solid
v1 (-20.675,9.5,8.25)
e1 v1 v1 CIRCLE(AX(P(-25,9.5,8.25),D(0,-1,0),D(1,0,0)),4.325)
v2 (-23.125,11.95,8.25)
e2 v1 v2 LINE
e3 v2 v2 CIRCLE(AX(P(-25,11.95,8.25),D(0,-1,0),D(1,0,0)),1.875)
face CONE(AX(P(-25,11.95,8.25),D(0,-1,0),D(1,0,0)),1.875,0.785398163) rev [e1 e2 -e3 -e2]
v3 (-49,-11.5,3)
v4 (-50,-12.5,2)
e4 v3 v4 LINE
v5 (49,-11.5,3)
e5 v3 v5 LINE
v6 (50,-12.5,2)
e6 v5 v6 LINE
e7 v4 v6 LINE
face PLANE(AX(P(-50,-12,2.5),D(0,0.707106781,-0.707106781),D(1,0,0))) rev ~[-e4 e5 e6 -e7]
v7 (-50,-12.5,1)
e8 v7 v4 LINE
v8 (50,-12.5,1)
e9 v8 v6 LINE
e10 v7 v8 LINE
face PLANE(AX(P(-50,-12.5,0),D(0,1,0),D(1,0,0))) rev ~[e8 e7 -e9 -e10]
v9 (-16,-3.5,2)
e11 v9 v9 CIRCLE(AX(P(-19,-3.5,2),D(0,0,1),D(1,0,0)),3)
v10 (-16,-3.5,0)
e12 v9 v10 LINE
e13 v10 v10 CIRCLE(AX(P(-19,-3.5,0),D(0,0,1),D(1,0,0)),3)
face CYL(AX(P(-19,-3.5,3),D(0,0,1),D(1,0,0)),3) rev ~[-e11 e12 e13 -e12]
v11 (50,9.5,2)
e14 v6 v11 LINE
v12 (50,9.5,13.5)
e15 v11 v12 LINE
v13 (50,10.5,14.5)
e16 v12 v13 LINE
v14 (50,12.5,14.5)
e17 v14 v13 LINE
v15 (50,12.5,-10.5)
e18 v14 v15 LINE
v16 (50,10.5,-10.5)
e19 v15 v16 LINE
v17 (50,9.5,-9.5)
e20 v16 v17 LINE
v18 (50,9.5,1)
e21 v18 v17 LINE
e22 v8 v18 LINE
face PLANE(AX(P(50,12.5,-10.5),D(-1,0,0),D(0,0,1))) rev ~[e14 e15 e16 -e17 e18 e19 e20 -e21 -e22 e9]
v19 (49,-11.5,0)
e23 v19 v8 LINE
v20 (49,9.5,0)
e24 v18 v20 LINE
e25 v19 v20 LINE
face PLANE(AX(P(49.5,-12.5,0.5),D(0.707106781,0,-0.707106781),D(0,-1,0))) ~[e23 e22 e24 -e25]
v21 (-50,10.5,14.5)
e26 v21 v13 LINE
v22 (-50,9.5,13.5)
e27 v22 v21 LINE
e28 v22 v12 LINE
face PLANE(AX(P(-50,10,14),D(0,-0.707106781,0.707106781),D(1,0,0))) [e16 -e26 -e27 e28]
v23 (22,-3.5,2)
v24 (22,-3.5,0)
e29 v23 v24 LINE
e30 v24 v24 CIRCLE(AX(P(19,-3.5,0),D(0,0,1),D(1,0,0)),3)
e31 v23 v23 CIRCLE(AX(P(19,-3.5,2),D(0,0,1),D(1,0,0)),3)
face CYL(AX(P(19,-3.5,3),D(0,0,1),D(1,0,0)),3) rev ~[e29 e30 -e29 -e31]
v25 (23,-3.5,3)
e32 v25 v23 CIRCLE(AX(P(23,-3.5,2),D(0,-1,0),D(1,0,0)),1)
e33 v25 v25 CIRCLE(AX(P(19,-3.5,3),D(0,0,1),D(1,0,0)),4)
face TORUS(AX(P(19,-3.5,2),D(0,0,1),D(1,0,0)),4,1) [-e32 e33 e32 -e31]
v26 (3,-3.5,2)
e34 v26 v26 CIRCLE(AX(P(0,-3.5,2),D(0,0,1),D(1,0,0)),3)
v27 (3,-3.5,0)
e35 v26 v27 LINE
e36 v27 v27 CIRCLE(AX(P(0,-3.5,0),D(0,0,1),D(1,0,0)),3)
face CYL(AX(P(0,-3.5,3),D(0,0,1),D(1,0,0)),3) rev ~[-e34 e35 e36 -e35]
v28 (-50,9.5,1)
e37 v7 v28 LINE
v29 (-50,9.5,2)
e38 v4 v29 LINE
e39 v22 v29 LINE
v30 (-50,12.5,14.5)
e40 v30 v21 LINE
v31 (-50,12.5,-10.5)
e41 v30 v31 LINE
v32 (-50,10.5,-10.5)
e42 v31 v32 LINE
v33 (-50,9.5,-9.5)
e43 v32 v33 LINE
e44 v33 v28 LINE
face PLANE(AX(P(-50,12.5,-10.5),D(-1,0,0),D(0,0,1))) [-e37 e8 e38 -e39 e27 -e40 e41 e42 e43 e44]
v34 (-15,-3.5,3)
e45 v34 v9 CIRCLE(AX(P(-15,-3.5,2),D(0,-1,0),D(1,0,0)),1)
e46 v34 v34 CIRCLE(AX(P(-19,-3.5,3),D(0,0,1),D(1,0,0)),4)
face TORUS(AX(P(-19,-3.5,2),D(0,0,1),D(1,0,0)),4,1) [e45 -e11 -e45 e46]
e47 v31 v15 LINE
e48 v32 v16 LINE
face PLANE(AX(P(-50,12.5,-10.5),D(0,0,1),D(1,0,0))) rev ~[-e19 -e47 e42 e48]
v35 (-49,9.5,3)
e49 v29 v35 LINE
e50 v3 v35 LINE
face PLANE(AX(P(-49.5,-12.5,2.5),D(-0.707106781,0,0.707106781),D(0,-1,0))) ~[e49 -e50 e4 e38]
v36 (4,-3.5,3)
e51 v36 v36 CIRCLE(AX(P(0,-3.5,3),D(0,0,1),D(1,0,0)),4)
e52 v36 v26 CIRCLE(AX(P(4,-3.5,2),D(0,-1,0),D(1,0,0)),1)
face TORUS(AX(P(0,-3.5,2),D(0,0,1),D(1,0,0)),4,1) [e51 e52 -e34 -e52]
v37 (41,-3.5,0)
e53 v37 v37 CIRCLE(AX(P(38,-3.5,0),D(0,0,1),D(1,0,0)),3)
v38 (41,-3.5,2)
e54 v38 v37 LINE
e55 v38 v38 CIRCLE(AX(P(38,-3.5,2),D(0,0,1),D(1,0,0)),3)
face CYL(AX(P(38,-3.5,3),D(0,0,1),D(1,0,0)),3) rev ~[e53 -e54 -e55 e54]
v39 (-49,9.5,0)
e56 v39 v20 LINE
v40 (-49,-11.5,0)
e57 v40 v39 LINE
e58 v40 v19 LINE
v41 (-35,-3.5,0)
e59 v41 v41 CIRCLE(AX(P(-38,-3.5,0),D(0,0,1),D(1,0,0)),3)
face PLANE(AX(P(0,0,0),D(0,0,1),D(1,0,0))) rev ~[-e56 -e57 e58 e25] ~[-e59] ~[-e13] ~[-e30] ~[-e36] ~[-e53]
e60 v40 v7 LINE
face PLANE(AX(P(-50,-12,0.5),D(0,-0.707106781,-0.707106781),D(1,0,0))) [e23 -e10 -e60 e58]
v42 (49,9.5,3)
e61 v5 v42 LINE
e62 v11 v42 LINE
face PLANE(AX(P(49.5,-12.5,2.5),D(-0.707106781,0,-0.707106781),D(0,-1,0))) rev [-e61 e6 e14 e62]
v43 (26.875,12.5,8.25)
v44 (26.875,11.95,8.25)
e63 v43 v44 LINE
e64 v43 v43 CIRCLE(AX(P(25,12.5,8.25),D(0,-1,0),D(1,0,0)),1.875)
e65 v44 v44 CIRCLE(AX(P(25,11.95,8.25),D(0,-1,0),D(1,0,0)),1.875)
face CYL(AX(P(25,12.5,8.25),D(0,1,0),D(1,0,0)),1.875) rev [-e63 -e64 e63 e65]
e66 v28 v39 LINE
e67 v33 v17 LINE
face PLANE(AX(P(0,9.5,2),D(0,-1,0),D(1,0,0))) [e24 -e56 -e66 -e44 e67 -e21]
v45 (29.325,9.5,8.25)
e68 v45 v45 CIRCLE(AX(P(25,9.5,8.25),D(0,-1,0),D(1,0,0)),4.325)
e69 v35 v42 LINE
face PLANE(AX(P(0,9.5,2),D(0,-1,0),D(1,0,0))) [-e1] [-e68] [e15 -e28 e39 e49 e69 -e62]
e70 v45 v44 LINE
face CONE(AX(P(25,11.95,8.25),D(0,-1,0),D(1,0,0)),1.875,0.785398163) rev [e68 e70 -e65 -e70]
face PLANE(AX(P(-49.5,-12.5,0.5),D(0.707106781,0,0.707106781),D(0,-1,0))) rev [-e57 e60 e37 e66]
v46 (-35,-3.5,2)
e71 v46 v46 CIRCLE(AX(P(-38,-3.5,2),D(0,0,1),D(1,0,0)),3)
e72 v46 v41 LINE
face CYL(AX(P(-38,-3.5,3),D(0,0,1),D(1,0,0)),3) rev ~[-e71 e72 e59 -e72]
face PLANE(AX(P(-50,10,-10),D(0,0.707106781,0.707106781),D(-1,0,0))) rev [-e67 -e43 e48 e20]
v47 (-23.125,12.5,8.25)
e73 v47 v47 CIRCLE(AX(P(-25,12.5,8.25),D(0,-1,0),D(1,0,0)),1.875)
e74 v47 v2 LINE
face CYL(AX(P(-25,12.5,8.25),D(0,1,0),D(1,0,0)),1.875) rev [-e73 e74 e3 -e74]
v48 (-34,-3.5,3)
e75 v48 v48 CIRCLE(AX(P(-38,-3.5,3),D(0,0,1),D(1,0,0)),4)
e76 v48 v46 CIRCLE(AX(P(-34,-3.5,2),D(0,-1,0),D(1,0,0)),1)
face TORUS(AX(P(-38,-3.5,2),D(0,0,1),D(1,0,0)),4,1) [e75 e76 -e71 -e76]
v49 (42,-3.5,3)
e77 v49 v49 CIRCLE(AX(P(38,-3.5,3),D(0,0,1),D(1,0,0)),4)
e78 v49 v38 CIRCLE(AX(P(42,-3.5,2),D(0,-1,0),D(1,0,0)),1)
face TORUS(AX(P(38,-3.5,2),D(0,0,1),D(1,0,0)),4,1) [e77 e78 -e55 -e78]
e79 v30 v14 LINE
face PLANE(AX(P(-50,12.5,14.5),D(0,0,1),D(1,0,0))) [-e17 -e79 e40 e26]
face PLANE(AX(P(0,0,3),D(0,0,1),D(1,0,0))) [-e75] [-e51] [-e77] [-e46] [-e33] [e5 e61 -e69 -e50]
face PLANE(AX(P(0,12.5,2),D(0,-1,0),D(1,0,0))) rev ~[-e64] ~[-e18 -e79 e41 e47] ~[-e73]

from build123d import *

# Parameters (mm, degrees)
SKETCH_W               = 100
SKETCH_H               = 25
PAD_DEPTH              = 3
SKETCH001_W            = 100
SKETCH001_H            = 25
SKETCH001_R            = 1.875
PAD001_DEPTH           = 3
SKETCH002_R            = 3
POCKET_DEPTH           = 13.501
LINEARPATTERN_COUNT    = 3
LINEARPATTERN_PITCH    = 19
LINEARPATTERN001_COUNT = 3
LINEARPATTERN001_PITCH = 19
FILLET_R               = 1
CHAMFER_SIZE           = 2.45
CHAMFER001_SIZE        = 1


with BuildPart() as part:
    # Sketch → Pad (new body)
    with BuildSketch(Plane.XY):
        Rectangle(SKETCH_W, SKETCH_H)
    extrude(amount=PAD_DEPTH)

    # Sketch001 → Pad001 (join)
    with BuildSketch(Plane(origin=(0, 12.5, 2), x_dir=(1, 0, 0), z_dir=(0, -1, 0))):
        Rectangle(SKETCH001_W, SKETCH001_H)
        with Locations((-25, 6.25)):
            Circle(SKETCH001_R, mode=Mode.SUBTRACT)
        with Locations((25, 6.25)):
            Circle(SKETCH001_R, mode=Mode.SUBTRACT)
    extrude(amount=PAD001_DEPTH)

    # Sketch002 → Pocket (cut, through all)
    with BuildSketch(Plane.XY.offset(3)):
        with Locations((0, -3.5)):
            Circle(SKETCH002_R)
    pocket = extrude(amount=-POCKET_DEPTH, mode=Mode.SUBTRACT)

    # LinearPattern: Pocket ×3
    with Locations(*[(i * LINEARPATTERN_PITCH, 0, 0) for i in range(1, LINEARPATTERN_COUNT)]):
        add(pocket, mode=Mode.SUBTRACT)

    # LinearPattern001: Pocket ×3
    with Locations(*[(-i * LINEARPATTERN001_PITCH, 0, 0) for i in range(1, LINEARPATTERN001_COUNT)]):
        add(pocket, mode=Mode.SUBTRACT)

    # Fillet
    fillet_edges = [part.edges().sort_by_distance(p)[0] for p in [
        (-3, -3.5, 3),
        (-41, -3.5, 3),
        (-22, -3.5, 3),
        (16, -3.5, 3),
        (35, -3.5, 3),
    ]]
    fillet(fillet_edges, radius=FILLET_R)

    # Chamfer
    chamfer_edges = [part.edges().sort_by_distance(p)[0] for p in [
        (-26.875, 9.5, 8.25),
        (23.125, 9.5, 8.25),
    ]]
    chamfer(chamfer_edges, length=CHAMFER_SIZE)

    # Chamfer001
    chamfer001_edges = [part.edges().sort_by_distance(p)[0] for p in [
        (0, 9.5, 14.5),
        (0, -12.5, 3),
        (0, -12.5, 0),
        (-50, -1.5, 3),
        (50, -1.5, 3),
        (50, -1.5, 0),
        (-50, -1.5, 0),
        (0, 9.5, -10.5),
    ]]
    chamfer(chamfer001_edges, length=CHAMFER001_SIZE)


solid = part.part
